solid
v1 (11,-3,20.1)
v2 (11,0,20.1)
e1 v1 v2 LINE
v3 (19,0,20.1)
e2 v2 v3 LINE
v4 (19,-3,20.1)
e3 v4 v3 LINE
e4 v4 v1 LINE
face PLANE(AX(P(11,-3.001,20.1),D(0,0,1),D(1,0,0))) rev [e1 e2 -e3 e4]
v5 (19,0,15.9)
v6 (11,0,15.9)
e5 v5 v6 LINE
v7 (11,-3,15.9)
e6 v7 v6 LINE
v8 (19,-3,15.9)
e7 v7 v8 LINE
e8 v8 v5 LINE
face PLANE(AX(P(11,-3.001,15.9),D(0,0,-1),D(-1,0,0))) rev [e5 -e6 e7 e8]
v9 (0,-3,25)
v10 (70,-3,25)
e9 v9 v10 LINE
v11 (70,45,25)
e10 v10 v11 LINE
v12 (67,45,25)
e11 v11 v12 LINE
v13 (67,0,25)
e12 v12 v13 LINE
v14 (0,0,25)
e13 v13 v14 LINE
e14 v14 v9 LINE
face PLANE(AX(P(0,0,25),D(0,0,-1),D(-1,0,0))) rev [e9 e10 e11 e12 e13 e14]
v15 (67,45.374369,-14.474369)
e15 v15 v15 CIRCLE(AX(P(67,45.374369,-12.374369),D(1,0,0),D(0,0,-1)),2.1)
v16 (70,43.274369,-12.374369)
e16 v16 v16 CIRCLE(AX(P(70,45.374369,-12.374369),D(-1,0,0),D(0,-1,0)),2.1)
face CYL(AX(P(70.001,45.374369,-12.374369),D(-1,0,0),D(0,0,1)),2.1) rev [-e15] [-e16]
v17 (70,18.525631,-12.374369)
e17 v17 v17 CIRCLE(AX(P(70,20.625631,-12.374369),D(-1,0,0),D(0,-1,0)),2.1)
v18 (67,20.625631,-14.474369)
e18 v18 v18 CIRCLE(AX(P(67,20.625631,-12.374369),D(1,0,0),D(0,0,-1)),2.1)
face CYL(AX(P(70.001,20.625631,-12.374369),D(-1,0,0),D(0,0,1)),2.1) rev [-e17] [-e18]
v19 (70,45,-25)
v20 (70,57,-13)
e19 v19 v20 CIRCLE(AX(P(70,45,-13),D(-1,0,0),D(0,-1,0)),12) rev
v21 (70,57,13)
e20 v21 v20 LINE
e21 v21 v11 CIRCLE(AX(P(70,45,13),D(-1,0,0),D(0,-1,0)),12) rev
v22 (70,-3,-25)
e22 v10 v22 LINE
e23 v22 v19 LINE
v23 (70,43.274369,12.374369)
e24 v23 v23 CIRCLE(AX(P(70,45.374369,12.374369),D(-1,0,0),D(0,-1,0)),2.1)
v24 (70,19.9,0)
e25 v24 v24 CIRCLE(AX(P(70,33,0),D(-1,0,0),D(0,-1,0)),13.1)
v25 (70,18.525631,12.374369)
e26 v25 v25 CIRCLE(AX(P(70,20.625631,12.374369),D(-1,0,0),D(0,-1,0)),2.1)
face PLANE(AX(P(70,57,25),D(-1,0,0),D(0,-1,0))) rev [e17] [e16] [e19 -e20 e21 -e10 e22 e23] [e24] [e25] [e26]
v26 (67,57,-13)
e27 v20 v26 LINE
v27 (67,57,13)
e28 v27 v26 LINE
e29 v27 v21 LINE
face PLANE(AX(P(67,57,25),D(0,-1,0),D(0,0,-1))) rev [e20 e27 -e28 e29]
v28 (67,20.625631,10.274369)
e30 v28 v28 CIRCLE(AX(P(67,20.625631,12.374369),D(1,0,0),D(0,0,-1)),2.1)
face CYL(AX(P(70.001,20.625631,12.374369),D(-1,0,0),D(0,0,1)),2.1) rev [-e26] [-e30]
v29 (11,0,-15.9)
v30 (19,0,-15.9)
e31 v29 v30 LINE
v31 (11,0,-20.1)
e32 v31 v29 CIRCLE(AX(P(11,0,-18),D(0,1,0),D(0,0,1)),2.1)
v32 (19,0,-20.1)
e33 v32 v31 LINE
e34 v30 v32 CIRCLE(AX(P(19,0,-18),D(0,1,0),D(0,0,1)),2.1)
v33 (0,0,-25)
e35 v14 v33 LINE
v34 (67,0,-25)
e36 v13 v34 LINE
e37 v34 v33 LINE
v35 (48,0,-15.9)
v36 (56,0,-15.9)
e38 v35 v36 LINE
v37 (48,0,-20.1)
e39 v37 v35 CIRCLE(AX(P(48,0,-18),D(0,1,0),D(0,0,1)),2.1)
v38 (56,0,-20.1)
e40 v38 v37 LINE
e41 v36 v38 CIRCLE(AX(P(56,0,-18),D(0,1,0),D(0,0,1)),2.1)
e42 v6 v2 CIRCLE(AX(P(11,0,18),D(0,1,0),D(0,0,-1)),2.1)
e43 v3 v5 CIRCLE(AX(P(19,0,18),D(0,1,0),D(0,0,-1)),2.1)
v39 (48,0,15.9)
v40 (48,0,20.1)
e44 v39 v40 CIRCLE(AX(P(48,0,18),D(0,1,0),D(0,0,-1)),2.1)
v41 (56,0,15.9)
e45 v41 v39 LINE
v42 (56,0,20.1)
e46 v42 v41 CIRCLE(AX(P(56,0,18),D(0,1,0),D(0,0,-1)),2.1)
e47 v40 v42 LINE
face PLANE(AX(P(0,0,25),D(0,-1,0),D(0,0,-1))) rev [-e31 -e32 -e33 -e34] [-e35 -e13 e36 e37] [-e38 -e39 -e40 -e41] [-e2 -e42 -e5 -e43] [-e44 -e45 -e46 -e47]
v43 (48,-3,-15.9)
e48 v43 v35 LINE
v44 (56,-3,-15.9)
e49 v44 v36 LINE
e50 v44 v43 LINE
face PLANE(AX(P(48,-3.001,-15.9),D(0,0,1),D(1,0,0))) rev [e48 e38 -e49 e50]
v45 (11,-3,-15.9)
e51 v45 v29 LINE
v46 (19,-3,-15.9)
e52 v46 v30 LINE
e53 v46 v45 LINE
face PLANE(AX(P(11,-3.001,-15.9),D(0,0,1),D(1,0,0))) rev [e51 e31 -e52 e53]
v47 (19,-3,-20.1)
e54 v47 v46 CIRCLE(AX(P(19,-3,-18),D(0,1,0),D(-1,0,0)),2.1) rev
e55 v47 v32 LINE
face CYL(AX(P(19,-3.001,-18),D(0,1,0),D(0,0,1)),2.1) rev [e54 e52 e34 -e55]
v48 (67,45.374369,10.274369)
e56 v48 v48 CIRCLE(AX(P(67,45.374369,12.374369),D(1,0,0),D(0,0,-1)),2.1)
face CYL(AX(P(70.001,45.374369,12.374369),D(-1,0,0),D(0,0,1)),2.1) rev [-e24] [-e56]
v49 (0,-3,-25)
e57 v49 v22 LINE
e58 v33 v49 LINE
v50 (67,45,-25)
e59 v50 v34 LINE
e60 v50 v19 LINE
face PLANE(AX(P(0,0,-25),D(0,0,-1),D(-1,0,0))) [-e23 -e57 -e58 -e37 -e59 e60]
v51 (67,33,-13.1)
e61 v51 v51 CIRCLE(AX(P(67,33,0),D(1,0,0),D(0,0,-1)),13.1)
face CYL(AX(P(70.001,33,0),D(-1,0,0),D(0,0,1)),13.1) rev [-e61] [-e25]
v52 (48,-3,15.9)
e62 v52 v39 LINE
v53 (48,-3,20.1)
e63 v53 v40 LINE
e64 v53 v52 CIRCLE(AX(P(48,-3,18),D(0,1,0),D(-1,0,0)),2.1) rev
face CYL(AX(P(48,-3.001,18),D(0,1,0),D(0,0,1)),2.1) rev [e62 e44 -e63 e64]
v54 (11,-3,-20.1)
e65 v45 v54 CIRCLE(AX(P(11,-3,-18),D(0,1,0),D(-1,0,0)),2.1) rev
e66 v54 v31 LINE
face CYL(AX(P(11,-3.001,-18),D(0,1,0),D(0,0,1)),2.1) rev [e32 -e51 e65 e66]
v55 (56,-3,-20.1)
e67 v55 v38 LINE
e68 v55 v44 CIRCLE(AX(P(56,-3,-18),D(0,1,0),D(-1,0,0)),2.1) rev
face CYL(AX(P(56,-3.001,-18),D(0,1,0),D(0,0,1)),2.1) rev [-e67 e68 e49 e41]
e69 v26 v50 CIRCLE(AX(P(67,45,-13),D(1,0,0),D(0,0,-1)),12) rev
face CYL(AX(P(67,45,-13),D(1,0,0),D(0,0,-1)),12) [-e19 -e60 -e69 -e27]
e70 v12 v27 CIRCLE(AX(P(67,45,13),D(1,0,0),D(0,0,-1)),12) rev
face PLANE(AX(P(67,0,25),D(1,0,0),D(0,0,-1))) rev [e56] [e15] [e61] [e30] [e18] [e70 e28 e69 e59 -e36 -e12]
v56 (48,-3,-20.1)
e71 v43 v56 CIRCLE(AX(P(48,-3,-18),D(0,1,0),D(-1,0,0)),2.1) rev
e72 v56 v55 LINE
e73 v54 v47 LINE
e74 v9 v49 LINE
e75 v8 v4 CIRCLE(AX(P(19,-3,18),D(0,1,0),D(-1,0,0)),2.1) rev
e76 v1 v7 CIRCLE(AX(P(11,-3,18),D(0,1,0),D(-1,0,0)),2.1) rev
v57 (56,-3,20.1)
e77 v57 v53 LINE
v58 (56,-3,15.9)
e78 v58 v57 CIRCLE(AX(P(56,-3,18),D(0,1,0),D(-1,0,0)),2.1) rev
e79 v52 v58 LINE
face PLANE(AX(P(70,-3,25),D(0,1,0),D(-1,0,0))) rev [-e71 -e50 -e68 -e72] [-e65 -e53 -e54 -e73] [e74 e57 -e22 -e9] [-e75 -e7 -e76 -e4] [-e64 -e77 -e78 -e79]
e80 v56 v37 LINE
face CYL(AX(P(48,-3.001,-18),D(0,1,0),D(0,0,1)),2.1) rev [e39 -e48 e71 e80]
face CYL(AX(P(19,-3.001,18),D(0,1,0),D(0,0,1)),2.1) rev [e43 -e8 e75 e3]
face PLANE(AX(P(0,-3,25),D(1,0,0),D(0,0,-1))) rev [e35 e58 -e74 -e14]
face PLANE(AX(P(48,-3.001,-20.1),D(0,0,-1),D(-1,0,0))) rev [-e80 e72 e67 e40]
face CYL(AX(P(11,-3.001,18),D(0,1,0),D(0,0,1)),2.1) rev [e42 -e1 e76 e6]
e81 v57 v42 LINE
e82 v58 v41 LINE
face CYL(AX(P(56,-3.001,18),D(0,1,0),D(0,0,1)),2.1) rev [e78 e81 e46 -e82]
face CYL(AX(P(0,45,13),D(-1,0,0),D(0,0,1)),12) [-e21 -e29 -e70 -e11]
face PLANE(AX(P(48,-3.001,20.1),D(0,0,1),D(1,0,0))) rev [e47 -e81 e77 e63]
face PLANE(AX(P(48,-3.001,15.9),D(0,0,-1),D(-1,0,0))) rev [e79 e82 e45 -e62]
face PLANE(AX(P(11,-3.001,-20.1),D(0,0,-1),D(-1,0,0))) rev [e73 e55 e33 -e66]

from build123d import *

# Parameters (mm, degrees)
EXTRUDE_1_DEPTH     = 25
CUT_EXTRUDE_1_REACH = 95.67
CUT_EXTRUDE_2_REACH = 95.67
SKETCH_3_R          = 13.1
SKETCH_3_R_2        = 2.1
FILLET_1_R          = 12


with BuildPart() as part:
    # 草图1 → 凸台-拉伸1 (new, symmetric)
    with BuildSketch(Plane.XY):
        Polygon((0, 0), (67, 0), (67, 57), (70, 57), (70, -3), (0, -3), align=None)
    extrude(amount=EXTRUDE_1_DEPTH, both=True)

    # 草图2 → 切除-拉伸1 (cut, up to next)
    with BuildSketch(Plane(origin=(0, 0, 0), x_dir=(1, 0, 0), z_dir=(0, 1, 0)), mode=Mode.PRIVATE) as cut_extrude_1_sk1:
        with BuildLine():
            Line((11, 20.1), (19, 20.1))
            ThreePointArc((19, 20.1), (21.1, 18), (19, 15.9))
            Line((19, 15.9), (11, 15.9))
            ThreePointArc((11, 15.9), (8.9, 18), (11, 20.1))
        make_face()
    cut_extrude_1_tool1 = extrude(cut_extrude_1_sk1.sketch, amount=-CUT_EXTRUDE_1_REACH, mode=Mode.PRIVATE) & part.part
    # 草图2 → 切除-拉伸1 (cut, up to next)
    with BuildSketch(Plane(origin=(0, 0, 0), x_dir=(1, 0, 0), z_dir=(0, 1, 0)), mode=Mode.PRIVATE) as cut_extrude_1_sk2:
        with BuildLine():
            Line((48, 20.1), (56, 20.1))
            ThreePointArc((56, 20.1), (58.1, 18), (56, 15.9))
            Line((56, 15.9), (48, 15.9))
            ThreePointArc((48, 15.9), (45.9, 18), (48, 20.1))
        make_face()
    cut_extrude_1_tool2 = extrude(cut_extrude_1_sk2.sketch, amount=-CUT_EXTRUDE_1_REACH, mode=Mode.PRIVATE) & part.part
    # 草图2 → 切除-拉伸1 (cut, up to next)
    with BuildSketch(Plane(origin=(0, 0, 0), x_dir=(1, 0, 0), z_dir=(0, 1, 0)), mode=Mode.PRIVATE) as cut_extrude_1_sk3:
        with BuildLine():
            Line((11, -20.1), (19, -20.1))
            ThreePointArc((19, -20.1), (21.1, -18), (19, -15.9))
            Line((19, -15.9), (11, -15.9))
            ThreePointArc((11, -15.9), (8.9, -18), (11, -20.1))
        make_face()
    cut_extrude_1_tool3 = extrude(cut_extrude_1_sk3.sketch, amount=-CUT_EXTRUDE_1_REACH, mode=Mode.PRIVATE) & part.part
    # 草图2 → 切除-拉伸1 (cut, up to next)
    with BuildSketch(Plane(origin=(0, 0, 0), x_dir=(1, 0, 0), z_dir=(0, 1, 0)), mode=Mode.PRIVATE) as cut_extrude_1_sk4:
        with BuildLine():
            Line((48, -20.1), (56, -20.1))
            ThreePointArc((56, -20.1), (58.1, -18), (56, -15.9))
            Line((56, -15.9), (48, -15.9))
            ThreePointArc((48, -15.9), (45.9, -18), (48, -20.1))
        make_face()
    cut_extrude_1_tool4 = extrude(cut_extrude_1_sk4.sketch, amount=-CUT_EXTRUDE_1_REACH, mode=Mode.PRIVATE) & part.part
    add(cut_extrude_1_tool1.solids().sort_by_distance((15, 0, -18))[0], mode=Mode.SUBTRACT)
    add(cut_extrude_1_tool2.solids().sort_by_distance((52, 0, -18))[0], mode=Mode.SUBTRACT)
    add(cut_extrude_1_tool3.solids().sort_by_distance((15, 0, 18))[0], mode=Mode.SUBTRACT)
    add(cut_extrude_1_tool4.solids().sort_by_distance((52, 0, 18))[0], mode=Mode.SUBTRACT)

    # 草图3 → 切除-拉伸2 (cut, up to next)
    with BuildSketch(Plane(origin=(0, 0, 0), x_dir=(0, 0, -1), z_dir=(1, 0, 0)), mode=Mode.PRIVATE) as cut_extrude_2_sk1:
        with Locations(Location((0, 33, 0), (0, 0, 270))):
            Circle(SKETCH_3_R)
    cut_extrude_2_tool1 = extrude(cut_extrude_2_sk1.sketch, amount=CUT_EXTRUDE_2_REACH, mode=Mode.PRIVATE) & part.part
    # 草图3 → 切除-拉伸2 (cut, up to next)
    with BuildSketch(Plane(origin=(0, 0, 0), x_dir=(0, 0, -1), z_dir=(1, 0, 0)), mode=Mode.PRIVATE) as cut_extrude_2_sk2:
        with Locations(Location((12.374368671, 45.374368671, 0), (0, 0, 270))):
            Circle(SKETCH_3_R_2)
    cut_extrude_2_tool2 = extrude(cut_extrude_2_sk2.sketch, amount=CUT_EXTRUDE_2_REACH, mode=Mode.PRIVATE) & part.part
    # 草图3 → 切除-拉伸2 (cut, up to next)
    with BuildSketch(Plane(origin=(0, 0, 0), x_dir=(0, 0, -1), z_dir=(1, 0, 0)), mode=Mode.PRIVATE) as cut_extrude_2_sk3:
        with Locations(Location((12.374368671, 20.625631329, 0), (0, 0, 270))):
            Circle(SKETCH_3_R_2)
    cut_extrude_2_tool3 = extrude(cut_extrude_2_sk3.sketch, amount=CUT_EXTRUDE_2_REACH, mode=Mode.PRIVATE) & part.part
    # 草图3 → 切除-拉伸2 (cut, up to next)
    with BuildSketch(Plane(origin=(0, 0, 0), x_dir=(0, 0, -1), z_dir=(1, 0, 0)), mode=Mode.PRIVATE) as cut_extrude_2_sk4:
        with Locations(Location((-12.374368671, 20.625631329, 0), (0, 0, 270))):
            Circle(SKETCH_3_R_2)
    cut_extrude_2_tool4 = extrude(cut_extrude_2_sk4.sketch, amount=CUT_EXTRUDE_2_REACH, mode=Mode.PRIVATE) & part.part
    # 草图3 → 切除-拉伸2 (cut, up to next)
    with BuildSketch(Plane(origin=(0, 0, 0), x_dir=(0, 0, -1), z_dir=(1, 0, 0)), mode=Mode.PRIVATE) as cut_extrude_2_sk5:
        with Locations(Location((-12.374368671, 45.374368671, 0), (0, 0, 270))):
            Circle(SKETCH_3_R_2)
    cut_extrude_2_tool5 = extrude(cut_extrude_2_sk5.sketch, amount=CUT_EXTRUDE_2_REACH, mode=Mode.PRIVATE) & part.part
    add(cut_extrude_2_tool1.solids().sort_by_distance((0, 33, 0))[0], mode=Mode.SUBTRACT)
    add(cut_extrude_2_tool2.solids().sort_by_distance((0, 45.374369, -12.374369))[0], mode=Mode.SUBTRACT)
    add(cut_extrude_2_tool3.solids().sort_by_distance((0, 20.625631, -12.374369))[0], mode=Mode.SUBTRACT)
    add(cut_extrude_2_tool4.solids().sort_by_distance((0, 20.625631, 12.374369))[0], mode=Mode.SUBTRACT)
    add(cut_extrude_2_tool5.solids().sort_by_distance((0, 45.374369, 12.374369))[0], mode=Mode.SUBTRACT)

    # 圆角1
    fillet_1_edges = [part.edges().sort_by_distance(p)[0] for p in [
        (68.5, 57, 25),
        (68.5, 57, -25),
    ]]
    fillet(fillet_1_edges, radius=FILLET_1_R)


solid = part.part
